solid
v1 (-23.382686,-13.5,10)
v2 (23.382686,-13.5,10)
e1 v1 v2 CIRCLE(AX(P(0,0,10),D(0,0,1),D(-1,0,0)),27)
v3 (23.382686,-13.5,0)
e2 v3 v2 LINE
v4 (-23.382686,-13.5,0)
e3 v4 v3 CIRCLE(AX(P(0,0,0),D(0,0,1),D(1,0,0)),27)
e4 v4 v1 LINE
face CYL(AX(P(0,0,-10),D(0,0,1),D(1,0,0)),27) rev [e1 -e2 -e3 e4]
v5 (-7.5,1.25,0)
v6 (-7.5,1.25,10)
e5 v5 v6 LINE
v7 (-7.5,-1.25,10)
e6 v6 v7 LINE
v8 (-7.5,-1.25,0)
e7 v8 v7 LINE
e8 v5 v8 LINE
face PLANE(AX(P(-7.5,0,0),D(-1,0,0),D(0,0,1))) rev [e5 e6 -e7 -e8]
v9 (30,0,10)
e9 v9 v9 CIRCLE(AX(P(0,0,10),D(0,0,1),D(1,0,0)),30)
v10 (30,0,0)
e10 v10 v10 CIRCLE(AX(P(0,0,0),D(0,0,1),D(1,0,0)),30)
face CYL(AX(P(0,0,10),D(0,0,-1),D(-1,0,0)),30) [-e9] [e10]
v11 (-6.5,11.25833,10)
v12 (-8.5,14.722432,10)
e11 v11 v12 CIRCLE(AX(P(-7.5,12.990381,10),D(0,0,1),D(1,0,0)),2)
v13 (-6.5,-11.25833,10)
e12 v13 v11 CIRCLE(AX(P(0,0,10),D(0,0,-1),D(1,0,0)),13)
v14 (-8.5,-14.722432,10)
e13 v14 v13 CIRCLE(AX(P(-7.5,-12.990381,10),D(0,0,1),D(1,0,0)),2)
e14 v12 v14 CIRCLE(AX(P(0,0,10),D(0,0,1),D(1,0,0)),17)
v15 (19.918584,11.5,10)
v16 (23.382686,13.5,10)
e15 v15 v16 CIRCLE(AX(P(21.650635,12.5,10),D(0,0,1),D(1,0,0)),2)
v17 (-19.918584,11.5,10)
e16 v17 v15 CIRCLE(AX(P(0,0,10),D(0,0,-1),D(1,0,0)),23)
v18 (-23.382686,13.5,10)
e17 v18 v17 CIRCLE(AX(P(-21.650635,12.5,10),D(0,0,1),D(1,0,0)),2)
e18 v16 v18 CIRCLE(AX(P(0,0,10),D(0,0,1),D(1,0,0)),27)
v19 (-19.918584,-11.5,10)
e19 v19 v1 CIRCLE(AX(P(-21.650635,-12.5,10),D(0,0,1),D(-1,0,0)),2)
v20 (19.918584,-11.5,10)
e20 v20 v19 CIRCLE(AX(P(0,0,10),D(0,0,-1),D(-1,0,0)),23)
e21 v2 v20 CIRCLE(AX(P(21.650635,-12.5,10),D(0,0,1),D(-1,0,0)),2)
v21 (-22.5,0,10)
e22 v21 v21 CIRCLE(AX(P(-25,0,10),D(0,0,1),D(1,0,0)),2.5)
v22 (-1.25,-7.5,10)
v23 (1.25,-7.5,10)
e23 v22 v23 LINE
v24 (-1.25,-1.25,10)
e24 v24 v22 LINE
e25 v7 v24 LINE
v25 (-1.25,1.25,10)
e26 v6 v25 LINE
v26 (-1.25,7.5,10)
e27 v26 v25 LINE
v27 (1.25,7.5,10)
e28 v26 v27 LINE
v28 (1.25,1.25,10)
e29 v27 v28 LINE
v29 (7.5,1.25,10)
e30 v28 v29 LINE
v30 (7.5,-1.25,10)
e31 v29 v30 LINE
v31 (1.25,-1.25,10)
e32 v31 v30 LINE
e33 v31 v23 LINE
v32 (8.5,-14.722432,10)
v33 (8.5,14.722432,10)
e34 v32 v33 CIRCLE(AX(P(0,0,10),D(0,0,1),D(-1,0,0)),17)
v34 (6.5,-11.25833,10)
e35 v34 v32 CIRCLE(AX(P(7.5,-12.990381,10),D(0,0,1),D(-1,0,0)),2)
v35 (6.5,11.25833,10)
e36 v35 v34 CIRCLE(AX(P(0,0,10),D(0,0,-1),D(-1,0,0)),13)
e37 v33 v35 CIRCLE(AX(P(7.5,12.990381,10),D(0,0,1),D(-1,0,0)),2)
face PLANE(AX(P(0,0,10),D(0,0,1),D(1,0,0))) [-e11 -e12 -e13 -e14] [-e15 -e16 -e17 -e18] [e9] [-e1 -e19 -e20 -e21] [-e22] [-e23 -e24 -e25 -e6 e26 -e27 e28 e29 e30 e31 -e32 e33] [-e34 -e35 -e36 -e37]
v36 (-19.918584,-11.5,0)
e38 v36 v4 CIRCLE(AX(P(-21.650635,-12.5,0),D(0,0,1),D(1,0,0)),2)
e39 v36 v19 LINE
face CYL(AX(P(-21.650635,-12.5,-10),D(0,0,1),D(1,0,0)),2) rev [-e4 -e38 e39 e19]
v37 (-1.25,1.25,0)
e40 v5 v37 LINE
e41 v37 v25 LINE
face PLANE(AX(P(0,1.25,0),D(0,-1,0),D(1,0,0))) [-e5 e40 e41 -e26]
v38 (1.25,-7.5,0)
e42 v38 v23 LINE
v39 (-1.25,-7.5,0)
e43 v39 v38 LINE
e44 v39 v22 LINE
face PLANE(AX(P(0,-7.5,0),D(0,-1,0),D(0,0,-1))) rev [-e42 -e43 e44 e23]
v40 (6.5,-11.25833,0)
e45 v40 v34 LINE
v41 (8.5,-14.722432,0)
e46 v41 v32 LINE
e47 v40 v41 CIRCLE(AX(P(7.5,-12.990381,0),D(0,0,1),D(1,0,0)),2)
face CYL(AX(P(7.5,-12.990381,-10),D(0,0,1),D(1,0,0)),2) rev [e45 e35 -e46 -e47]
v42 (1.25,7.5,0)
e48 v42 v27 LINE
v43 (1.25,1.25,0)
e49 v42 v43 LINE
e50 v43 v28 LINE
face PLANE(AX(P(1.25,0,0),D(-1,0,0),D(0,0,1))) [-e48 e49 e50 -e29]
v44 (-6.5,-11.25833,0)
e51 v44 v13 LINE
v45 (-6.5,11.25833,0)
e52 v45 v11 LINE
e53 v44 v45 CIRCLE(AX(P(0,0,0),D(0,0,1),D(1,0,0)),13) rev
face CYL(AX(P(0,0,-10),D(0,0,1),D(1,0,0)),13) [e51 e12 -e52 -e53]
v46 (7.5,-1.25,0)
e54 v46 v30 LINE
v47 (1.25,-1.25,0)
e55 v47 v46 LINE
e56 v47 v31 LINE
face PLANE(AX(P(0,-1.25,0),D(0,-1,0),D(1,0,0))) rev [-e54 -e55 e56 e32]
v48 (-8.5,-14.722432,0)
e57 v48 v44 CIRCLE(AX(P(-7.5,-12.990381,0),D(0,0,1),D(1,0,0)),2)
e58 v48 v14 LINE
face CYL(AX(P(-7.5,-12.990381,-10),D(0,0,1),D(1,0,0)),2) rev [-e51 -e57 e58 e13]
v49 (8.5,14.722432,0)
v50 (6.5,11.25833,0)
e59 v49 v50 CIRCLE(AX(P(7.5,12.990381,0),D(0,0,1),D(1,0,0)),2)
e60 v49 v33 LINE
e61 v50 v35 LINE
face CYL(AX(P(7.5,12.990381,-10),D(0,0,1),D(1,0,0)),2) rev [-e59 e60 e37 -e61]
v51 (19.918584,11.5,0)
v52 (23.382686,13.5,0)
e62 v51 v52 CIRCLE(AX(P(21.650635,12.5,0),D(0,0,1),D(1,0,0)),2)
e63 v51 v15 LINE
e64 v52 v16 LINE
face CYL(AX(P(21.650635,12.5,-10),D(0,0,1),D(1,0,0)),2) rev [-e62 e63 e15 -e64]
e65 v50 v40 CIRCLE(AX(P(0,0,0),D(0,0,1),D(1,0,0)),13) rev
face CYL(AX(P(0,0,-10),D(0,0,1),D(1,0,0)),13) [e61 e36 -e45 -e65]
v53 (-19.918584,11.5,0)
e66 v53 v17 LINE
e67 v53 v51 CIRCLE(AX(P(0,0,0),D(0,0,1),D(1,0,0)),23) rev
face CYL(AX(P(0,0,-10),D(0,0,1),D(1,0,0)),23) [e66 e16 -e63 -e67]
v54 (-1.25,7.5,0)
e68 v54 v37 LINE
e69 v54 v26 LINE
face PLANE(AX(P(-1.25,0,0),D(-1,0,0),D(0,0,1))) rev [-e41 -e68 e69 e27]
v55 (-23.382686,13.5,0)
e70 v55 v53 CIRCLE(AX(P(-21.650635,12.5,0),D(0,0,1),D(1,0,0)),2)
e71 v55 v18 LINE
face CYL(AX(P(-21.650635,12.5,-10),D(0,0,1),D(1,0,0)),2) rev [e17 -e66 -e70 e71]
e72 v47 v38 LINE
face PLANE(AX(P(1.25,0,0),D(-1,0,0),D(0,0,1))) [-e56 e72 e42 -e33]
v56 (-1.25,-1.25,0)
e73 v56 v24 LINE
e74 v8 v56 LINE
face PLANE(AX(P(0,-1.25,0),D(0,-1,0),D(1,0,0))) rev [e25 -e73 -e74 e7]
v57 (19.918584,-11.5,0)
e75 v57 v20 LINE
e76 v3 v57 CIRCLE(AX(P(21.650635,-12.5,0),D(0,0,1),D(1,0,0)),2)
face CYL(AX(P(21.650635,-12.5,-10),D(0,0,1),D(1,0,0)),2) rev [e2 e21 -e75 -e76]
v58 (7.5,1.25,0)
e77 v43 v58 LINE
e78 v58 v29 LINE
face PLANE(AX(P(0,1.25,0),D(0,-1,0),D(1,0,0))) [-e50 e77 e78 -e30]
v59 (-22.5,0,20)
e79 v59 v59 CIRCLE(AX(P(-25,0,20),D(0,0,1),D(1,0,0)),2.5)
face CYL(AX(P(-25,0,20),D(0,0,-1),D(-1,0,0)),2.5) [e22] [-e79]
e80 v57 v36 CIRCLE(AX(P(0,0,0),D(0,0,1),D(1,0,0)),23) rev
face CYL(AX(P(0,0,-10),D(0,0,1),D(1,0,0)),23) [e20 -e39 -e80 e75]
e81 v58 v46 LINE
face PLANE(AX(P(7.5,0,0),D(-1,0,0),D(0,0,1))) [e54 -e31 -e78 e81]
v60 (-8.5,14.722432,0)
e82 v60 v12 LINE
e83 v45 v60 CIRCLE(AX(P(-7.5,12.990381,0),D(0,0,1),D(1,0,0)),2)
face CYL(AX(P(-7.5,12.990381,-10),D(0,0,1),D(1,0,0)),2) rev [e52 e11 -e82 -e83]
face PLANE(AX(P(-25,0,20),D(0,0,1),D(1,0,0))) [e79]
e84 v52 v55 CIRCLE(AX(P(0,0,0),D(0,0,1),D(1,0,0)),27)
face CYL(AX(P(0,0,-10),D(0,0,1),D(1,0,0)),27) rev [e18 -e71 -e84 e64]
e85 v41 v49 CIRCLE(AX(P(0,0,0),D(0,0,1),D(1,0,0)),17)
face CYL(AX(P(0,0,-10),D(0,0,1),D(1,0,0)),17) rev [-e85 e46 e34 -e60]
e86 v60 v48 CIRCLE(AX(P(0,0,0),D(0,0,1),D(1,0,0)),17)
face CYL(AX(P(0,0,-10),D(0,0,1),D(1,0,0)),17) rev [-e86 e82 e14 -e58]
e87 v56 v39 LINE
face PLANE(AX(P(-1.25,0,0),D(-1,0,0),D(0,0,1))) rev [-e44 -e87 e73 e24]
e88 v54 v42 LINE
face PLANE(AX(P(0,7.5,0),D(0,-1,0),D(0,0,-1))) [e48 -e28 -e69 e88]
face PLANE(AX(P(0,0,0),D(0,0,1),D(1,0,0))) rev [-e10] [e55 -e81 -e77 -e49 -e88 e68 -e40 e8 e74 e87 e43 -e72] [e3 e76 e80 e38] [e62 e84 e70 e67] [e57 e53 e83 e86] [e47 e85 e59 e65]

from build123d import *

# Parameters (mm, degrees)
SKETCH_1_R          = 30
EXTRUDE_1_DEPTH     = 10
SKETCH_2_R          = 2.5
EXTRUDE_3_DEPTH     = 10
SKETCH_5_W          = 2.5
SKETCH_5_H          = 6.25
SKETCH_5_W_2        = 6.25
SKETCH_5_H_2        = 2.5
CUT_EXTRUDE_3_DEPTH = 10
CUT_EXTRUDE_4_DEPTH = 20


with BuildPart() as part:
    # 草图1 → 凸台-拉伸1 (new body)
    with BuildSketch(Plane.XY):
        Circle(SKETCH_1_R)
    extrude(amount=EXTRUDE_1_DEPTH)

    # 草图2 → 凸台-拉伸3 (add)
    with BuildSketch(Plane.XY.offset(10)):
        with Locations((-25, 0)):
            Circle(SKETCH_2_R)
    extrude(amount=EXTRUDE_3_DEPTH)

    # 草图5 → 切除-拉伸3 (cut)
    with BuildSketch(Plane.XY.offset(10)):
        with Locations((0, 4.375)):
            Rectangle(SKETCH_5_W, SKETCH_5_H)
        with Locations((-4.375, 0)):
            Rectangle(SKETCH_5_W_2, SKETCH_5_H_2)
        with Locations((4.375, 0)):
            Rectangle(SKETCH_5_W_2, SKETCH_5_H_2)
        with Locations((0, -4.375)):
            Rectangle(SKETCH_5_W, SKETCH_5_H)
        Rectangle(SKETCH_5_W, SKETCH_5_H_2)
    extrude(amount=-CUT_EXTRUDE_3_DEPTH, mode=Mode.SUBTRACT)

    # 草图7 → 切除-拉伸4 (cut)
    with BuildSketch(Plane.XY.offset(10)):
        with BuildLine():
            ThreePointArc((23.382685902, 13.5), (0, 27), (-23.382685902, 13.5))
            ThreePointArc((-23.382685902, 13.5), (-22.650635095, 10.767949192), (-19.918584287, 11.5))
            ThreePointArc((-19.918584287, 11.5), (0, 23), (19.918584287, 11.5))
            ThreePointArc((19.918584287, 11.5), (22.650635095, 10.767949192), (23.382685902, 13.5))
        make_face()
        with BuildLine():
            ThreePointArc((23.382685902, -13.5), (0, -27), (-23.382685902, -13.5))
            ThreePointArc((-23.382685902, -13.5), (-22.650635095, -10.767949192), (-19.918584287, -11.5))
            ThreePointArc((-19.918584287, -11.5), (0, -23), (19.918584287, -11.5))
            ThreePointArc((19.918584287, -11.5), (22.650635095, -10.767949192), (23.382685902, -13.5))
        make_face()
        with BuildLine():
            ThreePointArc((-8.5, 14.722431864), (-17, 0), (-8.5, -14.722431864))
            ThreePointArc((-8.5, -14.722431864), (-5.767949192, -13.990381057), (-6.5, -11.258330249))
            ThreePointArc((-6.5, -11.258330249), (-13, 0), (-6.5, 11.258330249))
            ThreePointArc((-6.5, 11.258330249), (-5.767949192, 13.990381057), (-8.5, 14.722431864))
        make_face()
        with BuildLine():
            ThreePointArc((8.5, 14.722431864), (17, 0), (8.5, -14.722431864))
            ThreePointArc((8.5, -14.722431864), (5.767949192, -13.990381057), (6.5, -11.258330249))
            ThreePointArc((6.5, -11.258330249), (13, 0), (6.5, 11.258330249))
            ThreePointArc((6.5, 11.258330249), (5.767949192, 13.990381057), (8.5, 14.722431864))
        make_face()
    extrude(amount=-CUT_EXTRUDE_4_DEPTH, mode=Mode.SUBTRACT)


solid = part.part
